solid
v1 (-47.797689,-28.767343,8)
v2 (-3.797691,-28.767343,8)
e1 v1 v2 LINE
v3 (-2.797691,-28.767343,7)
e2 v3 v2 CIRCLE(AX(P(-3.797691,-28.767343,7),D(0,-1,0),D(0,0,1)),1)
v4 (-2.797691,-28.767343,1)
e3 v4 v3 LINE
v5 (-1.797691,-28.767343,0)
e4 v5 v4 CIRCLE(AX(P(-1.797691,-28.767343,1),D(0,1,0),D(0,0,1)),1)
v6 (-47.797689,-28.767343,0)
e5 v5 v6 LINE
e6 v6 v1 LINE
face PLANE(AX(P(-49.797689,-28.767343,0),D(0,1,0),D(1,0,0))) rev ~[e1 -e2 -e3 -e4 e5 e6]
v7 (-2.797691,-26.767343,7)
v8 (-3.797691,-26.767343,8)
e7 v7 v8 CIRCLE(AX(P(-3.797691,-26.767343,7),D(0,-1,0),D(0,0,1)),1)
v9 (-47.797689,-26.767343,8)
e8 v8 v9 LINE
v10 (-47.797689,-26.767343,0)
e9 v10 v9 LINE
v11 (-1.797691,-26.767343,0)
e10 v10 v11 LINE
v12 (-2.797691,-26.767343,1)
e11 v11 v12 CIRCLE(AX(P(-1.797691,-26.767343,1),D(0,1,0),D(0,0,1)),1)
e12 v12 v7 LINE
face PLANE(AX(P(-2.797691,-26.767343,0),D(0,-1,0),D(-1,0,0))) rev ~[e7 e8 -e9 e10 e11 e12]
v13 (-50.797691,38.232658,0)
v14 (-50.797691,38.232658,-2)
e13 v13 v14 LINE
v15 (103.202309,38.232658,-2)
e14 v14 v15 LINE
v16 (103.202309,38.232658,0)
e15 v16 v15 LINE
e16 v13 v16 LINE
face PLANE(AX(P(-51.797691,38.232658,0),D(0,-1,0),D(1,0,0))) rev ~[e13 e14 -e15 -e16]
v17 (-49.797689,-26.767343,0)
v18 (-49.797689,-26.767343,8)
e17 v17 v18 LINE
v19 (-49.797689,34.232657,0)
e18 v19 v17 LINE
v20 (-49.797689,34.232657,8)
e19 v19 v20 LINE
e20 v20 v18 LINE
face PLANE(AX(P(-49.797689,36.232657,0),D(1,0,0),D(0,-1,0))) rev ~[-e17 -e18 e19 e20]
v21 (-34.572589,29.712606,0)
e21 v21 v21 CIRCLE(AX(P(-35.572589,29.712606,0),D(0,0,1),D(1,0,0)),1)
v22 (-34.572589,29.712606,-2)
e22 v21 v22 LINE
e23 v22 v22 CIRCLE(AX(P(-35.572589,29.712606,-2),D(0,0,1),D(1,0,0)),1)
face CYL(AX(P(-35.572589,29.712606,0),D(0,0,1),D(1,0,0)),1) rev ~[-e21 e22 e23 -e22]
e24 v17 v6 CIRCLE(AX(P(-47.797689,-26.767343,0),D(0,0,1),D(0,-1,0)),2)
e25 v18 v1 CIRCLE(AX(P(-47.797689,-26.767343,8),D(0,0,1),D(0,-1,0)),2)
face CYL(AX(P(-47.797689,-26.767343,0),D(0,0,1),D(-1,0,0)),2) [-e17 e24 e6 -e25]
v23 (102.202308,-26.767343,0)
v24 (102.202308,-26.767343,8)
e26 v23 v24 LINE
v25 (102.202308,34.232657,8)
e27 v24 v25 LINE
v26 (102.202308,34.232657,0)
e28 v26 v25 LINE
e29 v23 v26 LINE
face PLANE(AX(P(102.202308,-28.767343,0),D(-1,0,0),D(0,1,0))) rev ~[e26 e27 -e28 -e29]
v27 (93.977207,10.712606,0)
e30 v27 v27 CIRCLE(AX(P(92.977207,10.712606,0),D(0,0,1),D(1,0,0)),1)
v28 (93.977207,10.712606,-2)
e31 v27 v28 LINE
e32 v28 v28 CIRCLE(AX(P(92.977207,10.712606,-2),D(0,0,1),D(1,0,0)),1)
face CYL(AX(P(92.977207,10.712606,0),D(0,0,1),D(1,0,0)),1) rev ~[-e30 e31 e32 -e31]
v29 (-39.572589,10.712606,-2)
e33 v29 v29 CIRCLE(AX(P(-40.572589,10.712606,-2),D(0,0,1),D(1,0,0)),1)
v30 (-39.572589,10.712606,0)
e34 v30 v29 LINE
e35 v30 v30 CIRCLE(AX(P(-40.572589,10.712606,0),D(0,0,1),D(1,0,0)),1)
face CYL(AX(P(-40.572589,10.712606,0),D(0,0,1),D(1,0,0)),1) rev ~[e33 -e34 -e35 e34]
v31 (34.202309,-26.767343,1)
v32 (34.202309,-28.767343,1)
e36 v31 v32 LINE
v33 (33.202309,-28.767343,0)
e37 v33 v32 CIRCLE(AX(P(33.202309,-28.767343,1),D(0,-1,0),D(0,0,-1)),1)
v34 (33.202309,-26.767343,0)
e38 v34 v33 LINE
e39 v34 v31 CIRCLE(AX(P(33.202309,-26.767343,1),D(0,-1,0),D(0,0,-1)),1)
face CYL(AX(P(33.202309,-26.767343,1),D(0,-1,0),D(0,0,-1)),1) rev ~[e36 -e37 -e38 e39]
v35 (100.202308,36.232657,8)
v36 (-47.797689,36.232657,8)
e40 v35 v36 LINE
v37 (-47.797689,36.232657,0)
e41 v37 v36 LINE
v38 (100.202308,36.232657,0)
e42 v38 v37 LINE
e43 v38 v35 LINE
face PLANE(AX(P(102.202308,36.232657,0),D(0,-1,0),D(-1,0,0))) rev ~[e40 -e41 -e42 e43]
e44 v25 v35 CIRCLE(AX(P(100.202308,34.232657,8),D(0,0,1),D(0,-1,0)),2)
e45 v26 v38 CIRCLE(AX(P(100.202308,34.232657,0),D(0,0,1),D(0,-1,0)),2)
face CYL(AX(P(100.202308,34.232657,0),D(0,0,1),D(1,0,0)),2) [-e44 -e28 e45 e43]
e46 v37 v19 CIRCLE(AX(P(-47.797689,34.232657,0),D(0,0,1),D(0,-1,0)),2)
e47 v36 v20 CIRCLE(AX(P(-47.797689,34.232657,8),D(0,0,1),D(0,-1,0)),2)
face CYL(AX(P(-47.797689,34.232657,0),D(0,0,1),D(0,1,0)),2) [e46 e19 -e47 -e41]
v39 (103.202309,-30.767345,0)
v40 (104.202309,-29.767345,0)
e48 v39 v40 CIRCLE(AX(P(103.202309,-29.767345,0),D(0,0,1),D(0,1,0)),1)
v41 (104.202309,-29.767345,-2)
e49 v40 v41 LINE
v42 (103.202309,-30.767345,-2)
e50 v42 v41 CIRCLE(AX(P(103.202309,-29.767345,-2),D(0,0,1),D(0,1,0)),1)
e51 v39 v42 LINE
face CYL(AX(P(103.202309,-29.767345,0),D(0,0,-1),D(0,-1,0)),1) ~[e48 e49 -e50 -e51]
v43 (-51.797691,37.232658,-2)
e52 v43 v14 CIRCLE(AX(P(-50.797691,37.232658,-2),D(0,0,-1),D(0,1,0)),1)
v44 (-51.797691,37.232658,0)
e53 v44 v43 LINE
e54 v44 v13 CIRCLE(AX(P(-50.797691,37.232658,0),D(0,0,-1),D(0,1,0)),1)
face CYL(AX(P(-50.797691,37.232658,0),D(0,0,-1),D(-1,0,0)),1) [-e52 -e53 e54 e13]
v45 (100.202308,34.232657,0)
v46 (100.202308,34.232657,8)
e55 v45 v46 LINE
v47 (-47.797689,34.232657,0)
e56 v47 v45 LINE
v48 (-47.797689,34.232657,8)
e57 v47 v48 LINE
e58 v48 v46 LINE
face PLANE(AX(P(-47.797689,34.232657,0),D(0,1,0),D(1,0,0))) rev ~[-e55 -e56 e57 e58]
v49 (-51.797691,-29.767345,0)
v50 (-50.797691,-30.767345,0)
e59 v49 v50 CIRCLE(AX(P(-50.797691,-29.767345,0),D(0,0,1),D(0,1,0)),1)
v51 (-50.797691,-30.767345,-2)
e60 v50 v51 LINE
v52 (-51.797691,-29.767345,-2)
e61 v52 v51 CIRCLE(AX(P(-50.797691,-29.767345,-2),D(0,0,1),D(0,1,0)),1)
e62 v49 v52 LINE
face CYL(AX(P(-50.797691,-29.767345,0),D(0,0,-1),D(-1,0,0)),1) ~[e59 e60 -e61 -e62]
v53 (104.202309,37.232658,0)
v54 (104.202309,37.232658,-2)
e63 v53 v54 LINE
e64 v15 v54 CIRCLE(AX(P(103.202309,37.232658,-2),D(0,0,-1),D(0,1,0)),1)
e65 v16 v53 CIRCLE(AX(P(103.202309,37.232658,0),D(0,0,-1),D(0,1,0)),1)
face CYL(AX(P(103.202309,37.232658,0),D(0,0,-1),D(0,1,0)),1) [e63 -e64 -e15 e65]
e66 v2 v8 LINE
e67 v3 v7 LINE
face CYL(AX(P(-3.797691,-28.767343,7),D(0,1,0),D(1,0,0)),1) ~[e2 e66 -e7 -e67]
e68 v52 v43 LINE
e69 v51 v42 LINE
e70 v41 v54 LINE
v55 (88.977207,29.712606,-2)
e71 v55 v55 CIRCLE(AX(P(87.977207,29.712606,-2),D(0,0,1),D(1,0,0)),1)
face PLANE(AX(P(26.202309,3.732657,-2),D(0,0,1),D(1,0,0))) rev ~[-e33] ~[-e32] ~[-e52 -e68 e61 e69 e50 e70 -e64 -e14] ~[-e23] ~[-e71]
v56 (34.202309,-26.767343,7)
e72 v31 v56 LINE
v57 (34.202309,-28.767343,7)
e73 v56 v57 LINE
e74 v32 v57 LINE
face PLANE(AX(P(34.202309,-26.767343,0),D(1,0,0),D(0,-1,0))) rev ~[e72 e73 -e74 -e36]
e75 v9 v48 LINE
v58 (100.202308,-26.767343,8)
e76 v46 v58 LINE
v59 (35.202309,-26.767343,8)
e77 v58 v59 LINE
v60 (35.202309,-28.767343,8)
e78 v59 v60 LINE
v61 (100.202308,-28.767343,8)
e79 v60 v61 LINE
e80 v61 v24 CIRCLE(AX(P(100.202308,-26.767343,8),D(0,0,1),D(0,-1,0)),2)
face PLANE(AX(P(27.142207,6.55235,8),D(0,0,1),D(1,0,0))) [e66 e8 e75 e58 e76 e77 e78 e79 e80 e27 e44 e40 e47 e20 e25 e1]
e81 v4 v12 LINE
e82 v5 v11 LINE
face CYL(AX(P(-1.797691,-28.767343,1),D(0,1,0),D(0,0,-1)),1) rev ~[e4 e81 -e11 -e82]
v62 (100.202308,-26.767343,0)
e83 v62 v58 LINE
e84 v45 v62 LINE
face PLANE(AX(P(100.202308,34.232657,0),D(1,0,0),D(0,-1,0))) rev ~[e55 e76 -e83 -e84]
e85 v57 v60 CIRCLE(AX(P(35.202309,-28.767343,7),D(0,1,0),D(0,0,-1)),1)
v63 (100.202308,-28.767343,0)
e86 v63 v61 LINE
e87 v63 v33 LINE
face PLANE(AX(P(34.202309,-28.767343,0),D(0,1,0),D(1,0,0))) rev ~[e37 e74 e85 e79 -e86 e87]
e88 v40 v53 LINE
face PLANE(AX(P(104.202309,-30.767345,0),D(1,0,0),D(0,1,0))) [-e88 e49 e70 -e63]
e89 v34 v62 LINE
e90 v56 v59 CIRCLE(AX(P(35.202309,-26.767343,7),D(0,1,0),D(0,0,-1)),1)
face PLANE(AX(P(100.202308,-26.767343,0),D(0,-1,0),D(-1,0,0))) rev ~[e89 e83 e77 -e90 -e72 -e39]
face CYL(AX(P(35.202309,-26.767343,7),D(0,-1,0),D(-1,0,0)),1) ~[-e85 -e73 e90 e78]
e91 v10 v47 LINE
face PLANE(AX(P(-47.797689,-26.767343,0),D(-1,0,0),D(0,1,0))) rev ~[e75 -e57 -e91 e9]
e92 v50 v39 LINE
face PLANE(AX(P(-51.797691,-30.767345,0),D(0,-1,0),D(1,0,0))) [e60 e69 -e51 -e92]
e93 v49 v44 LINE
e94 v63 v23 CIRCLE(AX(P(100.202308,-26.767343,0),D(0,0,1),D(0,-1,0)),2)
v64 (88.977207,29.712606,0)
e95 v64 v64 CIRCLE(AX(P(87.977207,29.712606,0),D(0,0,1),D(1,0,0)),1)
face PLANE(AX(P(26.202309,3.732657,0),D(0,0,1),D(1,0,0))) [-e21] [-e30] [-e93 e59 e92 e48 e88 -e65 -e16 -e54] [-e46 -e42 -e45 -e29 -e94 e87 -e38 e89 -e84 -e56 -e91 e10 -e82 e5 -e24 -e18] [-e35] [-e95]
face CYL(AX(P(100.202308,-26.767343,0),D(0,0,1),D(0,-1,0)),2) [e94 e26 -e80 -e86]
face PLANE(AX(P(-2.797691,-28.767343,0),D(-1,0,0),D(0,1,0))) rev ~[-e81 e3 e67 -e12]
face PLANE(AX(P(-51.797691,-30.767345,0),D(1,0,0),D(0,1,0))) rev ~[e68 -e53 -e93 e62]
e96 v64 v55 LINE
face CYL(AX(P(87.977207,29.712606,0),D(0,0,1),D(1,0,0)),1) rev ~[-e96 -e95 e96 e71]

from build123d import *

# Parameters (mm, degrees)
F0_W     = 156
F0_H     = 69.000003
F0_R     = 1
F0_W_2   = 37
F0_H_2   = 2
F1_DEPTH = 2
F2_DEPTH = 8
F3_R     = 1
F4_R     = 2


with BuildPart() as f1:
    # F0 (on Top) → F1 (new body)
    with BuildSketch(Plane.XY):
        with Locations((26.202309, 3.732657)):
            Rectangle(F0_W, F0_H)
        Polygon((-49.797689, 36.232657), (102.202308, 36.232657), (102.202308, -28.767343), (34.202309, -28.767343), (-2.797691, -28.767343), (-49.797689, -28.767343), align=None, mode=Mode.SUBTRACT)
        Polygon((102.202308, -28.767343), (102.202308, 36.232657), (-49.797689, 36.232657), (-49.797689, -28.767343), (-2.797691, -28.767343), (-2.797691, -26.767343), (-47.797689, -26.767343), (-47.797689, 34.232657), (100.202308, 34.232657), (100.202308, -26.767343), (34.202309, -26.767343), (34.202309, -28.767343), align=None)
        Polygon((-2.797691, -26.767343), (34.202309, -26.767343), (100.202308, -26.767343), (100.202308, 34.232657), (-47.797689, 34.232657), (-47.797689, -26.767343), align=None)
        with Locations((-40.572589, 10.712606)):
            Circle(F0_R, mode=Mode.SUBTRACT)
        with Locations((-35.572589, 29.712606)):
            Circle(F0_R, mode=Mode.SUBTRACT)
        with Locations((92.977207, 10.712606)):
            Circle(F0_R, mode=Mode.SUBTRACT)
        with Locations((87.977207, 29.712606)):
            Circle(F0_R, mode=Mode.SUBTRACT)
        with Locations((15.702309, -27.767343)):
            Rectangle(F0_W_2, F0_H_2)
    extrude(amount=-F1_DEPTH)

    # F0 (on Top) → F2 (join)
    with BuildSketch(Plane.XY):
        Polygon((102.202308, -28.767343), (102.202308, 36.232657), (-49.797689, 36.232657), (-49.797689, -28.767343), (-2.797691, -28.767343), (-2.797691, -26.767343), (-47.797689, -26.767343), (-47.797689, 34.232657), (100.202308, 34.232657), (100.202308, -26.767343), (34.202309, -26.767343), (34.202309, -28.767343), align=None)
    extrude(amount=F2_DEPTH)

    # F3
    f3_edges = [f1.edges().sort_by_distance(p)[0] for p in [
        (-51.797691, 38.232658, -1),
        (-51.797691, -30.767345, -1),
        (104.202309, -30.767345, -1),
        (104.202309, 38.232658, -1),
        (34.202309, -27.767343, 8),
        (-2.797691, -27.767343, 8),
        (34.202309, -27.767343, 0),
        (-2.797691, -27.767343, 0),
    ]]
    fillet(f3_edges, radius=F3_R)

    # F4
    f4_edges = [f1.edges().sort_by_distance(p)[0] for p in [
        (-49.797689, -28.767343, 4),
        (102.202308, -28.767343, 4),
        (102.202308, 36.232657, 4),
        (-49.797689, 36.232657, 4),
    ]]
    fillet(f4_edges, radius=F4_R)


solid = f1.part
